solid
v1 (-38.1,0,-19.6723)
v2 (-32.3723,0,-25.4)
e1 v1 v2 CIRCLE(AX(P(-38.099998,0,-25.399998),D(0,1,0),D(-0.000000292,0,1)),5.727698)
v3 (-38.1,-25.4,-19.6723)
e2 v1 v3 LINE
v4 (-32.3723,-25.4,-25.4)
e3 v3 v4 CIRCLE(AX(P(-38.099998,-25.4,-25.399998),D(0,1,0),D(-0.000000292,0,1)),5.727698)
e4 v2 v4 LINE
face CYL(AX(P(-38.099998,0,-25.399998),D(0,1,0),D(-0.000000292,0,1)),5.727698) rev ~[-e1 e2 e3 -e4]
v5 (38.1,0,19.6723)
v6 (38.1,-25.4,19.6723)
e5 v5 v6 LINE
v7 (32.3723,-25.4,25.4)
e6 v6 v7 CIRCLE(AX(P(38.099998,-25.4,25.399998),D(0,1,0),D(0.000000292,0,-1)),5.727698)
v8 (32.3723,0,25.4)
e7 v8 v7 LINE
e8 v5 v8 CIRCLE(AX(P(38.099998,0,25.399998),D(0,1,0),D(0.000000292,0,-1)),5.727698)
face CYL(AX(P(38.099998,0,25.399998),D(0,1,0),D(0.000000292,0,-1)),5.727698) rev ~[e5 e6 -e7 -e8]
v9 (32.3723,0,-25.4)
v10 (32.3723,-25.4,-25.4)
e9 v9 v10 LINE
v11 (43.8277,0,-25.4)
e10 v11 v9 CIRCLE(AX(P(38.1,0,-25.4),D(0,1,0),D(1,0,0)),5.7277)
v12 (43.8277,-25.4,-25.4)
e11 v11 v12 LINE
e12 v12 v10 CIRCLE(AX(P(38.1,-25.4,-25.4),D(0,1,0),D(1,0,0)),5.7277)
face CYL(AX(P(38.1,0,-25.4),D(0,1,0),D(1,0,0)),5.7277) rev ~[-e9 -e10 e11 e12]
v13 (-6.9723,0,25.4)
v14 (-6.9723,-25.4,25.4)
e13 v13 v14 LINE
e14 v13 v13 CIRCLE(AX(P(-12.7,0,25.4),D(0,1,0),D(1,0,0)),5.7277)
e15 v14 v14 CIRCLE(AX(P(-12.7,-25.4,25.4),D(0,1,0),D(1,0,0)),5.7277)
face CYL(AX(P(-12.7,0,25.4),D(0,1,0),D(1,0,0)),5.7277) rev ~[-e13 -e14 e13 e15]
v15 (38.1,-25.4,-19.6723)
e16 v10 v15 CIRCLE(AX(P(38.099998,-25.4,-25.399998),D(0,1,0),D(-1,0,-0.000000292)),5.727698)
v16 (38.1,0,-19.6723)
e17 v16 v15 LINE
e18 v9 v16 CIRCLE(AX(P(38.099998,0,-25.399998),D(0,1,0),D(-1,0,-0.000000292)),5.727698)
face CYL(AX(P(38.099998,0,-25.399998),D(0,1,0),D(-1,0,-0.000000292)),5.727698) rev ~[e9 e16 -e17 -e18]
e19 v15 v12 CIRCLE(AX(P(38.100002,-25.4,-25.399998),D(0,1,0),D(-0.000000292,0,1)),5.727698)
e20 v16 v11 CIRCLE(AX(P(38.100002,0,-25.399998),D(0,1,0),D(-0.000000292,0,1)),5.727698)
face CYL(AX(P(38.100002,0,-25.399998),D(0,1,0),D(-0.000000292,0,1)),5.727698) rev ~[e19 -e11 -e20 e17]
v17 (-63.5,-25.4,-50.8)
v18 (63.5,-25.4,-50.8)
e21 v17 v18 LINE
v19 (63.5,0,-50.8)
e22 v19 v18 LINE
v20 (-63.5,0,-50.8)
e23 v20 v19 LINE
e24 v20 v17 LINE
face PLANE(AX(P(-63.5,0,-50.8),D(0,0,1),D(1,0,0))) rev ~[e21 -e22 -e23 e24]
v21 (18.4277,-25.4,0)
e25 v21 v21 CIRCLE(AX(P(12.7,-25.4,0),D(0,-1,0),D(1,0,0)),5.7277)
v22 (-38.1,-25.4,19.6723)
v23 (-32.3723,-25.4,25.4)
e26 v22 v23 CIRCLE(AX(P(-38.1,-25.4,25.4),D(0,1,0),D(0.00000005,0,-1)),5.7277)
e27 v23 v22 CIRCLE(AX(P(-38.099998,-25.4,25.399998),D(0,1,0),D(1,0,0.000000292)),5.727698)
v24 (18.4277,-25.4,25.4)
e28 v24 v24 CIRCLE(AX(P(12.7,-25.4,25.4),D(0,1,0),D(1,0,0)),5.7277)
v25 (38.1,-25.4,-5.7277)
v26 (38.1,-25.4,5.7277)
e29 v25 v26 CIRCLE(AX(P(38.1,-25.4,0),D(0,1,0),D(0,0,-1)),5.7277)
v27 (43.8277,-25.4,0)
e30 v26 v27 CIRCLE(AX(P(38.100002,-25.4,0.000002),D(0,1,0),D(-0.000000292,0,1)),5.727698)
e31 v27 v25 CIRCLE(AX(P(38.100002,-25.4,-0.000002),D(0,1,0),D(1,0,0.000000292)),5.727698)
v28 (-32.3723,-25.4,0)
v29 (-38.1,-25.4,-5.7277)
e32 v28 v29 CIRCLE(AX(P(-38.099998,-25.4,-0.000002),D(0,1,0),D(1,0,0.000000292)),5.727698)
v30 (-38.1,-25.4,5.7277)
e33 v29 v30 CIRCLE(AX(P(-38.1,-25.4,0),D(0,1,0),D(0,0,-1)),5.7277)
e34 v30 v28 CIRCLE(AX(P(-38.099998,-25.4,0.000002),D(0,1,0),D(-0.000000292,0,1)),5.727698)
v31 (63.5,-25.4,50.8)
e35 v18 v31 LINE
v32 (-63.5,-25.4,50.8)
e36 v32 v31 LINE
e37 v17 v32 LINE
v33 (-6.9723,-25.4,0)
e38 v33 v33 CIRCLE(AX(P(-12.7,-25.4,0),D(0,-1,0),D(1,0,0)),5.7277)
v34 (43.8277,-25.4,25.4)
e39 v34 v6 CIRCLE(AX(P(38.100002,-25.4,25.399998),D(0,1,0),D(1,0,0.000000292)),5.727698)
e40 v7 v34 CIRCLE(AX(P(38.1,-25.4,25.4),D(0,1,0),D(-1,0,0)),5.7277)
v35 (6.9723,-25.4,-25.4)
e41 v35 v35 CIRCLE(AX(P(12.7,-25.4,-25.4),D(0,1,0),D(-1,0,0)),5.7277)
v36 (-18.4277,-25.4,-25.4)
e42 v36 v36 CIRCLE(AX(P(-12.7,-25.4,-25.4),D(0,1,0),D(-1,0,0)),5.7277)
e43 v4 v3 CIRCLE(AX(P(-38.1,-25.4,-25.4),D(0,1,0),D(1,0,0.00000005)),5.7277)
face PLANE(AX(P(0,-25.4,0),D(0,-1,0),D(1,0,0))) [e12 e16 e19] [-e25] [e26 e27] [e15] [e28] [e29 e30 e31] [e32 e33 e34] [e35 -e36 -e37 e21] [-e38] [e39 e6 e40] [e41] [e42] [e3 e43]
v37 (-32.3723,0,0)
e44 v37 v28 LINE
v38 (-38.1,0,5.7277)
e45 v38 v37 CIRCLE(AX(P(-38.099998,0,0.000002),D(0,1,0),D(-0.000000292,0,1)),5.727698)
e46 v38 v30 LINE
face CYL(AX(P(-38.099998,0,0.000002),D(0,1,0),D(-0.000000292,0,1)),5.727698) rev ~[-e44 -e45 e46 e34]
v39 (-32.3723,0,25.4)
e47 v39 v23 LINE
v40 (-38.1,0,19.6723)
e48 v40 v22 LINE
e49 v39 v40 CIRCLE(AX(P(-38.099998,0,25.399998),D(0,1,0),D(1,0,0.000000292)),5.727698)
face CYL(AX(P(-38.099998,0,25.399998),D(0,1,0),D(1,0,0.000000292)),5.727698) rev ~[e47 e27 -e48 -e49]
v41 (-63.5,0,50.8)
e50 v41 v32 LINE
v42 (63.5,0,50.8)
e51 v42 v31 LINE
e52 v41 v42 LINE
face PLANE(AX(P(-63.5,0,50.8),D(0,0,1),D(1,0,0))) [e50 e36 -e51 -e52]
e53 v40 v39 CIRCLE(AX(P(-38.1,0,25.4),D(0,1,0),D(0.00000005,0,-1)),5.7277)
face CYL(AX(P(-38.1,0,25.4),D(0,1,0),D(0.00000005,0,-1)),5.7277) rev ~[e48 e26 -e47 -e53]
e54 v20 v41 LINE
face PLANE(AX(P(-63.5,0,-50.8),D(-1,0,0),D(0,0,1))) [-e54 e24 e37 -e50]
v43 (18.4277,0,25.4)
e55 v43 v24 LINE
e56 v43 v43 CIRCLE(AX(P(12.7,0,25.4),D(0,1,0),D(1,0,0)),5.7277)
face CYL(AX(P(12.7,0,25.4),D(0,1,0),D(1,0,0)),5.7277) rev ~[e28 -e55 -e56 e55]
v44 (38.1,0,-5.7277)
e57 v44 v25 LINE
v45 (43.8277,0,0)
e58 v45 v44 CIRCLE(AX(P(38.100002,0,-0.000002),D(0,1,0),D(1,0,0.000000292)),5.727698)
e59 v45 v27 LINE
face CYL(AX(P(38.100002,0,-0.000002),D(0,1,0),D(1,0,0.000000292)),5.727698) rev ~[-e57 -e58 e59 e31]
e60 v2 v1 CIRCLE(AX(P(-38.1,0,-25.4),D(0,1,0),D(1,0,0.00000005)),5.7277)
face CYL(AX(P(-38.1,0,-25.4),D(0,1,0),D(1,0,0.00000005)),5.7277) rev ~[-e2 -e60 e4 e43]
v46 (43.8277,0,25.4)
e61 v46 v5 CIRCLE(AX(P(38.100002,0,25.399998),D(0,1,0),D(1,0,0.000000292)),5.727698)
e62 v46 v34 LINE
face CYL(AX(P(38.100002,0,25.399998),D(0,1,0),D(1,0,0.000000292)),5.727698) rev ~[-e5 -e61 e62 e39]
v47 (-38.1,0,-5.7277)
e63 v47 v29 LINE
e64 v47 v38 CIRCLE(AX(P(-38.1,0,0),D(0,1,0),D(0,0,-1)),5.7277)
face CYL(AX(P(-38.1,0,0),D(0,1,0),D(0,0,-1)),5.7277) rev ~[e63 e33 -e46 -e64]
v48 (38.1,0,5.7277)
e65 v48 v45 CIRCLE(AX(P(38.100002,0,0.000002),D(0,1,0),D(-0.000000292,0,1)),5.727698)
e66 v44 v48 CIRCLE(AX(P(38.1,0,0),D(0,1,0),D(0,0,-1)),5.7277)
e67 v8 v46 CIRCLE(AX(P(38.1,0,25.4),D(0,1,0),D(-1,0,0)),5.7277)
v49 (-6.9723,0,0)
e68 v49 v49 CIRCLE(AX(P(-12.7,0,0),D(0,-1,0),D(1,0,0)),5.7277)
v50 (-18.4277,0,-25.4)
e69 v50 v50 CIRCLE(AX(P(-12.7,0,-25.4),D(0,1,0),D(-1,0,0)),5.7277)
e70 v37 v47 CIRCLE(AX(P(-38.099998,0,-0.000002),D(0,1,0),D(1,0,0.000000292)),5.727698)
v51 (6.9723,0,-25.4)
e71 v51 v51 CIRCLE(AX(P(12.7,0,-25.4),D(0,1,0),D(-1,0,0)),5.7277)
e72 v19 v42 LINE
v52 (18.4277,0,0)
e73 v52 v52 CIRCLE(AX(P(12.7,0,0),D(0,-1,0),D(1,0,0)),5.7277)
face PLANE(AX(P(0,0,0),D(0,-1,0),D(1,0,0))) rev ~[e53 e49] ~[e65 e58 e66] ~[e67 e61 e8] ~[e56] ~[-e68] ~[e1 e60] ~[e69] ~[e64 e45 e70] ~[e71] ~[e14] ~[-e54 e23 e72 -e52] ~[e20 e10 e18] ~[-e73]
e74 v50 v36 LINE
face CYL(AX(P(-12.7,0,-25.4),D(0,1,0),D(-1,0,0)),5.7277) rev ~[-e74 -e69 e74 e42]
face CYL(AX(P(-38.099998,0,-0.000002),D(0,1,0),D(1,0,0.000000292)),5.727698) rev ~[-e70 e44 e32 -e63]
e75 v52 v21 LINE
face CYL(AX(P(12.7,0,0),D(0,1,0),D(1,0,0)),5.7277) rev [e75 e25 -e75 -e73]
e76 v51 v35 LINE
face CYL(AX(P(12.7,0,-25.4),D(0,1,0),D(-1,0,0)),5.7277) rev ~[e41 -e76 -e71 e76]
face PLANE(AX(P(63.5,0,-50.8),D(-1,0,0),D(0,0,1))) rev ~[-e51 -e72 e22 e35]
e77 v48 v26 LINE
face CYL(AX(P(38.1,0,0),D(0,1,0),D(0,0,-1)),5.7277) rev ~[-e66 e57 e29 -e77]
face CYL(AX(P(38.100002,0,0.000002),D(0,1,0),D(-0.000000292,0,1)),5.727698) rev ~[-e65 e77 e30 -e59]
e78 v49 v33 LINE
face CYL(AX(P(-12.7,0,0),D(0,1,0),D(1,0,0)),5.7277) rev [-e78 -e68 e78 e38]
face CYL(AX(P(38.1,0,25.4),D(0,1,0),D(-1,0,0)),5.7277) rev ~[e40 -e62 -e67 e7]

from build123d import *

# Parameters (mm, degrees)
F0_W     = 127
F0_H     = 101.6
F0_R     = 5.7277
F1_DEPTH = 25.4


with BuildPart() as f1:
    # F0 (on Front) → F1 (new body)
    with BuildSketch(Plane.XZ):
        Rectangle(F0_W, F0_H)
        with BuildLine():
            ThreePointArc((-38.1, 19.6723), (-42.150096, 29.450096), (-32.3723, 25.4))
            Line((-32.3723, 25.4), (-18.4277, 25.4))
            ThreePointArc((-18.4277, 25.4), (-12.7, 31.1277), (-6.9723, 25.4))
            Line((-6.9723, 25.4), (6.9723, 25.4))
            ThreePointArc((6.9723, 25.4), (12.7, 31.1277), (18.4277, 25.4))
            Line((18.4277, 25.4), (32.3723, 25.4))
            ThreePointArc((32.3723, 25.4), (38.1, 31.1277), (43.8277, 25.4))
            ThreePointArc((43.8277, 25.4), (42.150096, 21.349904), (38.1, 19.6723))
            Line((38.1, 19.6723), (38.1, 5.7277))
            ThreePointArc((38.1, 5.7277), (42.150096, 4.050096), (43.8277, 0))
            ThreePointArc((43.8277, 0), (42.150096, -4.050096), (38.1, -5.7277))
            Line((38.1, -5.7277), (38.1, -19.6723))
            ThreePointArc((38.1, -19.6723), (42.150096, -21.349904), (43.8277, -25.4))
            ThreePointArc((43.8277, -25.4), (38.1, -31.1277), (32.3723, -25.4))
            Line((32.3723, -25.4), (18.4277, -25.4))
            ThreePointArc((18.4277, -25.4), (12.7, -31.1277), (6.9723, -25.4))
            Line((6.9723, -25.4), (-6.9723, -25.4))
            ThreePointArc((-6.9723, -25.4), (-12.7, -31.1277), (-18.4277, -25.4))
            Line((-18.4277, -25.4), (-32.3723, -25.4))
            ThreePointArc((-32.3723, -25.4), (-42.150096, -29.450096), (-38.1, -19.6723))
            Line((-38.1, -19.6723), (-38.1, -5.7277))
            ThreePointArc((-38.1, -5.7277), (-43.8277, 0), (-38.1, 5.7277))
            Line((-38.1, 5.7277), (-38.1, 19.6723))
        make_face(mode=Mode.SUBTRACT)
        with BuildLine():
            Line((-18.4277, 25.4), (-32.3723, 25.4))
            ThreePointArc((-32.3723, 25.4), (-34.049904, 21.349904), (-38.1, 19.6723))
            Line((-38.1, 19.6723), (-38.1, 5.7277))
            ThreePointArc((-38.1, 5.7277), (-34.049904, 4.050096), (-32.3723, 0))
            ThreePointArc((-32.3723, 0), (-34.049904, -4.050096), (-38.1, -5.7277))
            Line((-38.1, -5.7277), (-38.1, -19.6723))
            ThreePointArc((-38.1, -19.6723), (-34.049904, -21.349904), (-32.3723, -25.4))
            Line((-32.3723, -25.4), (-18.4277, -25.4))
            ThreePointArc((-18.4277, -25.4), (-12.7, -19.6723), (-6.9723, -25.4))
            Line((-6.9723, -25.4), (6.9723, -25.4))
            ThreePointArc((6.9723, -25.4), (12.7, -19.6723), (18.4277, -25.4))
            Line((18.4277, -25.4), (32.3723, -25.4))
            ThreePointArc((32.3723, -25.4), (34.049904, -21.349904), (38.1, -19.6723))
            Line((38.1, -19.6723), (38.1, -5.7277))
            ThreePointArc((38.1, -5.7277), (32.3723, 0), (38.1, 5.7277))
            Line((38.1, 5.7277), (38.1, 19.6723))
            ThreePointArc((38.1, 19.6723), (34.049904, 21.349904), (32.3723, 25.4))
            Line((32.3723, 25.4), (18.4277, 25.4))
            ThreePointArc((18.4277, 25.4), (12.7, 19.6723), (6.9723, 25.4))
            Line((6.9723, 25.4), (-6.9723, 25.4))
            ThreePointArc((-6.9723, 25.4), (-12.7, 19.6723), (-18.4277, 25.4))
        make_face()
        with Locations((-12.7, 0)):
            Circle(F0_R, mode=Mode.SUBTRACT)
        with Locations((12.7, 0)):
            Circle(F0_R, mode=Mode.SUBTRACT)
    extrude(amount=F1_DEPTH)


solid = f1.part
